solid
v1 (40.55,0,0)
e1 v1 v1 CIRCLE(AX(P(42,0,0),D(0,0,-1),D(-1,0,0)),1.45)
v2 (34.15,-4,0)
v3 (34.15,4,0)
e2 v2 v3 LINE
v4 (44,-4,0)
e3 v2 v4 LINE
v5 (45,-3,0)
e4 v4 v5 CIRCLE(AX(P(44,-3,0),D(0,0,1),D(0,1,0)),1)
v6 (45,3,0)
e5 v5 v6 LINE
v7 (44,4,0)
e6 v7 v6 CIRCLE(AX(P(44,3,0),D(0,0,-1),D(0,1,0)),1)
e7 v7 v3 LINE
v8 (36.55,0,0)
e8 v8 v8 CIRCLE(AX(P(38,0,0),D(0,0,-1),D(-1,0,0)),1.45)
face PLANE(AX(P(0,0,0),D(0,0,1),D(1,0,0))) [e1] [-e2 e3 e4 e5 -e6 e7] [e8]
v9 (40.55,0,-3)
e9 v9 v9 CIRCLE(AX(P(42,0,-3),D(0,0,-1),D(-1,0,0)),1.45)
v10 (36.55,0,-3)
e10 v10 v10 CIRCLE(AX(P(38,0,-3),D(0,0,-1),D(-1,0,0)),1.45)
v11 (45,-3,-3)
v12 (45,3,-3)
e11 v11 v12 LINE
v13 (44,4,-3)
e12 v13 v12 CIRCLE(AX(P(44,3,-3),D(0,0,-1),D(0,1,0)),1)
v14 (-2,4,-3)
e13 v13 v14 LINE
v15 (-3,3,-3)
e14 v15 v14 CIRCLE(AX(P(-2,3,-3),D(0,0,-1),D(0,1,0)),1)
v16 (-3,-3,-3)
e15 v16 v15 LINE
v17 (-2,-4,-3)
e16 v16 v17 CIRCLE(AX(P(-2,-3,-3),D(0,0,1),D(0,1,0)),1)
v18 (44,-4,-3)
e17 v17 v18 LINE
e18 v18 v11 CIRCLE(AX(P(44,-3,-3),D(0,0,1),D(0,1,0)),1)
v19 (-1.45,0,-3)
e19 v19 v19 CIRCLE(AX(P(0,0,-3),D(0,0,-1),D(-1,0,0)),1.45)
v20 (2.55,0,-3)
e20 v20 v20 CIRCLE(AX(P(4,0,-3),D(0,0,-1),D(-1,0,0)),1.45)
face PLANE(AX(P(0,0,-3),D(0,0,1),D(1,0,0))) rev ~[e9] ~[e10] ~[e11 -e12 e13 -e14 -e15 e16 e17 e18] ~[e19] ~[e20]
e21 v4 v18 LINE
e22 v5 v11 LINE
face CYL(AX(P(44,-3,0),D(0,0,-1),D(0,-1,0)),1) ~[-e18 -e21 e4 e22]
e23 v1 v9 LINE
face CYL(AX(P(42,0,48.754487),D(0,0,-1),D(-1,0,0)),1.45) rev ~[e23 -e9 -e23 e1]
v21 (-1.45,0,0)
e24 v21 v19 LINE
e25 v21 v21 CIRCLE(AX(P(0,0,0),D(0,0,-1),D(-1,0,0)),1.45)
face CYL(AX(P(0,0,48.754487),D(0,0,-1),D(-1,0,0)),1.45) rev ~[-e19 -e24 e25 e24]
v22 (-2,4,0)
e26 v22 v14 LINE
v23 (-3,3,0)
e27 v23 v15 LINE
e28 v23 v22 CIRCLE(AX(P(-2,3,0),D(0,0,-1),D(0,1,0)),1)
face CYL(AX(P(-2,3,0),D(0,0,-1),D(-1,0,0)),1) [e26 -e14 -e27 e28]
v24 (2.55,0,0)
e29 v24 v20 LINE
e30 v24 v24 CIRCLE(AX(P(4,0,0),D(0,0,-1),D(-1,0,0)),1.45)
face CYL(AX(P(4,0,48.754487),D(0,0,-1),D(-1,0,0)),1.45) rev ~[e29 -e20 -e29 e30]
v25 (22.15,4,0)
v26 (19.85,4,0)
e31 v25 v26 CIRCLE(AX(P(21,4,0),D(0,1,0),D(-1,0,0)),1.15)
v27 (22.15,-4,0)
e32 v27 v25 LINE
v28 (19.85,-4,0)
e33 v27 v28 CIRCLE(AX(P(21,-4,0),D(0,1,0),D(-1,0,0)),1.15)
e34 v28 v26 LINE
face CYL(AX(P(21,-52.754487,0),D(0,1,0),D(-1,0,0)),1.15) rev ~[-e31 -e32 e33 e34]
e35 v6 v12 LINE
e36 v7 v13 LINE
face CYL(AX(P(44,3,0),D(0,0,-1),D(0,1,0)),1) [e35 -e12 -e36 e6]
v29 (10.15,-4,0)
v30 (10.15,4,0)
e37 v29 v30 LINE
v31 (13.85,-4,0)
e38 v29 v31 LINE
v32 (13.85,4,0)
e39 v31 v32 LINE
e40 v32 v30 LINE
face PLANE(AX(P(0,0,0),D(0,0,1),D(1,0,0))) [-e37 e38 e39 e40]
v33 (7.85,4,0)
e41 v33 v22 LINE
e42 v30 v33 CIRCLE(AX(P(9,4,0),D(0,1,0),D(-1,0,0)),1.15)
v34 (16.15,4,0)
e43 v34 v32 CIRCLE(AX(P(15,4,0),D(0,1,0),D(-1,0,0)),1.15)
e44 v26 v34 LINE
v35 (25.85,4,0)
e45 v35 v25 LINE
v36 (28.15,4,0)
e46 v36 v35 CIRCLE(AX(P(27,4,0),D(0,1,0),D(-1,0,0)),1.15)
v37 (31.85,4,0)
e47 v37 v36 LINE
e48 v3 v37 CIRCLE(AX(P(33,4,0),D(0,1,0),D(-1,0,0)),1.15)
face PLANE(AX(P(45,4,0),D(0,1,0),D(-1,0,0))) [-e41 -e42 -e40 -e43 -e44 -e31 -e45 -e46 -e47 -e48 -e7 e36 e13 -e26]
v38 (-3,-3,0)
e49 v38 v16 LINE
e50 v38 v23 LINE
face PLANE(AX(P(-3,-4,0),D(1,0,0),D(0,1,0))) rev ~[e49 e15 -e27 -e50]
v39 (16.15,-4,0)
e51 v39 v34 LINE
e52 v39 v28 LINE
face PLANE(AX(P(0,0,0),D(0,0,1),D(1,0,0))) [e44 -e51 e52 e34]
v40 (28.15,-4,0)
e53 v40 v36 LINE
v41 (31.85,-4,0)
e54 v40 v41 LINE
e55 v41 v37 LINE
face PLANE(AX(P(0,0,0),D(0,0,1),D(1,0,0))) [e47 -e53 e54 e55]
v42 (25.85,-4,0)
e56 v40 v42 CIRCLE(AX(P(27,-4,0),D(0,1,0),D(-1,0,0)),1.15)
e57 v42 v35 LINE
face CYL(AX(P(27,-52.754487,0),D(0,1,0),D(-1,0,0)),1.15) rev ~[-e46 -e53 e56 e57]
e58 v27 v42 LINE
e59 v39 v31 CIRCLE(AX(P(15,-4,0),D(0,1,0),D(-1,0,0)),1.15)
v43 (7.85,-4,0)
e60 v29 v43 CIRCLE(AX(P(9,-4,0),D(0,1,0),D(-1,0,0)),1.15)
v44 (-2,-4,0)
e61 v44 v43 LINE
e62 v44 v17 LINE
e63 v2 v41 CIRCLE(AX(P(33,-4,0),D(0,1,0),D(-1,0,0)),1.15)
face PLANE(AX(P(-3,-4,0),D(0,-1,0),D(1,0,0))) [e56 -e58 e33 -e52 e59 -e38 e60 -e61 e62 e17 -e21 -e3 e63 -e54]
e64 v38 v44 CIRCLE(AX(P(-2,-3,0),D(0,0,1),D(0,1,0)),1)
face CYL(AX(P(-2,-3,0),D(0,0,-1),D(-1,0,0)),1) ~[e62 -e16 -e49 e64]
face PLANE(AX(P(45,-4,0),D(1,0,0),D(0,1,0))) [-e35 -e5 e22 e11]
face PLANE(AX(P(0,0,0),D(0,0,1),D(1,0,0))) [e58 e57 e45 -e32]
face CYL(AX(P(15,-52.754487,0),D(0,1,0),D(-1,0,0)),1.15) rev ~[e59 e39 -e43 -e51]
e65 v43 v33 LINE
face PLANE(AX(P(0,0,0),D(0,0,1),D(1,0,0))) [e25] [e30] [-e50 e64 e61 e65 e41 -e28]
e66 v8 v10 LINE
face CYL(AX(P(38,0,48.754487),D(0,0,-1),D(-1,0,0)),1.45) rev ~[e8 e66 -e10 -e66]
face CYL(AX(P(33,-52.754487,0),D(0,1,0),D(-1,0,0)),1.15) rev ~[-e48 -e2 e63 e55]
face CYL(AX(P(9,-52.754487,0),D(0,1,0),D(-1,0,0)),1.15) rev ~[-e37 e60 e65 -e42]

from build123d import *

# Parameters (mm, degrees)
F0_W     = 6
F0_H     = 8
F0_W_2   = 36
F1_DEPTH = 3
F2_D     = 2.9
F4_D     = 2.3
F5_R     = 1


with BuildPart() as f1:
    # F0 (on Top) → F1 (new body)
    with BuildSketch(Plane.XY):
        Rectangle(F0_W, F0_H)
        with Locations((21, 0)):
            Rectangle(F0_W_2, F0_H)
        with Locations((42, 0)):
            Rectangle(F0_W, F0_H)
    extrude(amount=-F1_DEPTH)

    # F2 (through all)
    with Locations(Plane.XY):
        with Locations((0, 0), (4, 0), (38, 0), (42, 0)):
            Hole(F2_D / 2)

    # F4 (through all)
    with Locations(Plane.XZ.offset(4)):
        with Locations((9, 0), (15, 0), (21, 0), (27, 0), (33, 0)):
            Hole(F4_D / 2)

    # F5
    f5_edges = [f1.edges().sort_by_distance(p)[0] for p in [
        (-3, -4, -1.5),
        (45, -4, -1.5),
        (45, 4, -1.5),
        (-3, 4, -1.5),
    ]]
    fillet(f5_edges, radius=F5_R)


solid = f1.part
